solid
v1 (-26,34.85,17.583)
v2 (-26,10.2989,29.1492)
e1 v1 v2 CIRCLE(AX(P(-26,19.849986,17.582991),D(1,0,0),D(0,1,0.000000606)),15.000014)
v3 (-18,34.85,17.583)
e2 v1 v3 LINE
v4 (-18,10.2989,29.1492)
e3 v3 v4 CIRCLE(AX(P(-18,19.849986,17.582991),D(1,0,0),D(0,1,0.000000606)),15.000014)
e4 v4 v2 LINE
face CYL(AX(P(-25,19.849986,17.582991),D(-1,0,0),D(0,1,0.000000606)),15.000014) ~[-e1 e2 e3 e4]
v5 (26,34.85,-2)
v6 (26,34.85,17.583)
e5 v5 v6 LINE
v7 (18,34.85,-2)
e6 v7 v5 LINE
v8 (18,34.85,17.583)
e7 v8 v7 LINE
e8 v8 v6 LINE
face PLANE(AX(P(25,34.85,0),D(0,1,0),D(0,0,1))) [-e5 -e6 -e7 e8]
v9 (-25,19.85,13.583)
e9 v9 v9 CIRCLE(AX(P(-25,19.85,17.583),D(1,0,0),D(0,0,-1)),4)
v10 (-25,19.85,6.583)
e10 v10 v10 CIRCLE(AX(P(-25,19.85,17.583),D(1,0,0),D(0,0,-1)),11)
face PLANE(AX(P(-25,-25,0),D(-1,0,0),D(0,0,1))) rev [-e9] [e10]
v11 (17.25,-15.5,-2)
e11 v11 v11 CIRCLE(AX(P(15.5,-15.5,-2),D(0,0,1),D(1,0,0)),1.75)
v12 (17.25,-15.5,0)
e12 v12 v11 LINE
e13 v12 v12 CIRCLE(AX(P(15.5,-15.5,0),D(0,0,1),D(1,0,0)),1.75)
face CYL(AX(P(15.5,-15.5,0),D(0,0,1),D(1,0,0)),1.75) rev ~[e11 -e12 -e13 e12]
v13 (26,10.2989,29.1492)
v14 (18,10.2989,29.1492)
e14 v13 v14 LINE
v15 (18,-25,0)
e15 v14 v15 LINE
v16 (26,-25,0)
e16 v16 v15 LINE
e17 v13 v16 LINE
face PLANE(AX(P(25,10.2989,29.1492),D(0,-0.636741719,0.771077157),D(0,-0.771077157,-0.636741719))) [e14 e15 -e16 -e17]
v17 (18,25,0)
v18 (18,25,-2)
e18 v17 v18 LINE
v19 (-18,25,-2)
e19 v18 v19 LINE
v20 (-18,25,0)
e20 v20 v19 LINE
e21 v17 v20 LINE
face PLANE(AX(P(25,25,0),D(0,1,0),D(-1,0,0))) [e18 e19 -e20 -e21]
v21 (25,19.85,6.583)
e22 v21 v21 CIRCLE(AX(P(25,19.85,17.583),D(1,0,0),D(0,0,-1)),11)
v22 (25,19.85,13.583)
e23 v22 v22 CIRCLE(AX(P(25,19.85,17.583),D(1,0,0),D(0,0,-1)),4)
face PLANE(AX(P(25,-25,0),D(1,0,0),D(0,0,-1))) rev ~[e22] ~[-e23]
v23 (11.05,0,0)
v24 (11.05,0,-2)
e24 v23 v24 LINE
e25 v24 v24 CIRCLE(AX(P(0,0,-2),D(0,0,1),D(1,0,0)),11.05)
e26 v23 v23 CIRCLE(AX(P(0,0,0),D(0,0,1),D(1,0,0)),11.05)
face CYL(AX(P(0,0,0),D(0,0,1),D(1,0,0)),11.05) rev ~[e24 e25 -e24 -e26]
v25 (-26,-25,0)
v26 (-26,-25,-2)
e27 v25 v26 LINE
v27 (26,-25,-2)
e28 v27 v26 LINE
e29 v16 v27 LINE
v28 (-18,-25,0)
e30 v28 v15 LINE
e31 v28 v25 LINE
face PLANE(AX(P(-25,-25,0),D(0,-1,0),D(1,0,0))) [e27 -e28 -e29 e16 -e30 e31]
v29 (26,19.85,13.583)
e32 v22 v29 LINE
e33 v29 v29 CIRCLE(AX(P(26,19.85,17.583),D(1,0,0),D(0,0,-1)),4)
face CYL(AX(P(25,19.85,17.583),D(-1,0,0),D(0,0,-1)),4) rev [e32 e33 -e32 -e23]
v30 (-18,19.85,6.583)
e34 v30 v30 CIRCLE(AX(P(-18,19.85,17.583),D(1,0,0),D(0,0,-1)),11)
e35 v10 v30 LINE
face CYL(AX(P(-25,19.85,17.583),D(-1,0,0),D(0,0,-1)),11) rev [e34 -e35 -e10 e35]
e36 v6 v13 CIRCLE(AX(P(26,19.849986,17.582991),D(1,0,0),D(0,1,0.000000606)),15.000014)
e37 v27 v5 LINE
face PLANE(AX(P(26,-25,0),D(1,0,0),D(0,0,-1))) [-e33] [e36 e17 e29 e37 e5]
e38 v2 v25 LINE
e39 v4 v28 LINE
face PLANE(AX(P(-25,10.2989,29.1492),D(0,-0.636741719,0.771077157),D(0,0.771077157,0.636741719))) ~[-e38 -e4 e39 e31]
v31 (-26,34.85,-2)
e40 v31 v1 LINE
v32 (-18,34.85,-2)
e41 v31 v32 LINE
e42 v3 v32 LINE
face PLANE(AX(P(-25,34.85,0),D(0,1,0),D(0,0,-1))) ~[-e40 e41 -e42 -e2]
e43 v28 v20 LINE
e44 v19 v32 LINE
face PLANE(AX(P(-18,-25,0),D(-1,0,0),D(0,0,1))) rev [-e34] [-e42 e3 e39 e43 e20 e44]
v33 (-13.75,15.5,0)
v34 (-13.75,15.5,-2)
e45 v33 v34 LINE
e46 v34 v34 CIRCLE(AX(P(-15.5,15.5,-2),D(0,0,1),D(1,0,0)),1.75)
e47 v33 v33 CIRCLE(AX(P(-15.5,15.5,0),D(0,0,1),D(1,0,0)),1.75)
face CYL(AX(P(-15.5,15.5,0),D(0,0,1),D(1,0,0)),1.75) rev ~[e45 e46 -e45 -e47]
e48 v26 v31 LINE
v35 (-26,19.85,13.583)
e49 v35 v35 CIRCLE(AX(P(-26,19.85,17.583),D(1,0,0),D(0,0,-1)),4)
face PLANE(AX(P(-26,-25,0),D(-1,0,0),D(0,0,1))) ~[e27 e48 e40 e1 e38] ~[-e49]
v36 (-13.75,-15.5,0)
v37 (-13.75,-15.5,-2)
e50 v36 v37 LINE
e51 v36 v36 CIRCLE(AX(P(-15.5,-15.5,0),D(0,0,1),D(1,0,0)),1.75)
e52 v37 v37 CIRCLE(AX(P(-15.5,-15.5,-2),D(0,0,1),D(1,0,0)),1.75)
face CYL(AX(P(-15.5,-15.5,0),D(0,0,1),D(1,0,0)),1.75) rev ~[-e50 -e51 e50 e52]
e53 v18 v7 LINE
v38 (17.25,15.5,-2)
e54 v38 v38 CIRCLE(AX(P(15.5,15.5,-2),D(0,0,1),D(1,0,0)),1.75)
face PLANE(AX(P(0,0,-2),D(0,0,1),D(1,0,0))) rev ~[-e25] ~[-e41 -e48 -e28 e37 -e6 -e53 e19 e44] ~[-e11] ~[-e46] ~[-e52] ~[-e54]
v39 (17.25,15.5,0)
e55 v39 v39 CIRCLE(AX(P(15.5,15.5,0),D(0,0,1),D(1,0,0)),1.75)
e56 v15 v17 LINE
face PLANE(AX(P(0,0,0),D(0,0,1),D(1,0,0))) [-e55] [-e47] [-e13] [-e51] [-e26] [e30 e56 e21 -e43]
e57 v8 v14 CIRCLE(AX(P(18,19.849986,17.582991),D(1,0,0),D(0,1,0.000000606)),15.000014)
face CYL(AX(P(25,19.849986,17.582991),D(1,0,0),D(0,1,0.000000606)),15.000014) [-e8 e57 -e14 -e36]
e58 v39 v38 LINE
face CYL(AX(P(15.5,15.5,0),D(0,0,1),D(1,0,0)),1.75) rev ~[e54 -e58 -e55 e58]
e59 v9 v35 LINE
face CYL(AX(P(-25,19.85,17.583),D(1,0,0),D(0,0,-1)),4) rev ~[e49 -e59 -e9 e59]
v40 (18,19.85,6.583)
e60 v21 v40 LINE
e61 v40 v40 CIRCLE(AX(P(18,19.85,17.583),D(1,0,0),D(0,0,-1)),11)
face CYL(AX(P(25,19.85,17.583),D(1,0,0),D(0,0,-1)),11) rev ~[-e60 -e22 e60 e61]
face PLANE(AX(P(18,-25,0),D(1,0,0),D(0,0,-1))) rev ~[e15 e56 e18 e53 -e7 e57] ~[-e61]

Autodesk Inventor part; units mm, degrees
ref_plane "YZ Plane" through (0, 0, 0) normal (1, 0, 0) x (0, 1, 0)
ref_plane "XZ Plane" through (0, 0, 0) normal (0, 1, 0) x (-1, 0, 0)
ref_plane "XY Plane" through (0, 0, 0) normal (0, 0, 1) x (1, 0, 0)
sketch "Sketch1" plane through (0, 0, 0) normal (0, 0, 1) x (1, 0, 0)
  circle A0 centre (-15.5, 15.5) radius 1.75
  circle A1 centre (15.5, 15.5) radius 1.75
  circle A2 centre (-15.5, -15.5) radius 1.75
  circle A3 centre (15.5, -15.5) radius 1.75
  circle A4 centre (0, 0) radius 11.05
  line L0 (-15.5, 15.5) -> (15.5, 15.5) construction
  line L1 (15.5, 15.5) -> (15.5, -15.5) construction
  line L2 (15.5, -15.5) -> (-15.5, -15.5) construction
  line L3 (-15.5, -15.5) -> (-15.5, 15.5) construction
  line L4 (-15.5, 15.5) -> (15.5, -15.5) construction
  line L5 (15.5, 15.5) -> (-15.5, -15.5) construction
  line L6 (-25, 25) -> (-25, -25)
  line L7 (-25, -25) -> (25, -25)
  line L8 (25, -25) -> (25, 25)
  line L9 (25, 25) -> (-25, 25)
  dimension "d0" = 22.1
  dimension "d1" = 31
  dimension "d2" = 31
  dimension "d3" = 3.5
  dimension "d4" = 50
  dimension "d5" = 50
extrude "Extrusion1" add sketch "Sketch1" against normal blind 2
sketch "Sketch2" plane through (25, -25, 0) normal (1, 0, 0) x (0, 0, -1)
  line L0 (0, 0) -> (0, 50) projected
  line L1 (0, 0) -> (2, 0) projected
  line L2 (2, 50) -> (2, 0) projected
  line L3 (0, 50) -> (2, 50) projected
  line L4 (0, 0) -> (0, 50) projected
  line L5 (0, 59.85) -> (-17.583, 59.85)
  line L6 (-29.1492, 35.2989) -> (0, 0)
  line L7 (0, 38.75) -> (0, 42.25) construction
  line L8 (0, 44.85) -> (-34.6915, 44.85) construction
  line L9 (2, 50) -> (2, 59.85)
  line L10 (2, 59.85) -> (0, 59.85)
  circle A0 centre (-17.583, 44.85) radius 4
  circle A1 centre (-17.583, 44.85) radius 11
  circle A2 centre (-17.583, 44.85) radius 13
  arc A3 (-17.583, 59.85) -> (-29.1492, 35.2989) centre (-17.583, 44.85) ccw
  point P0 (0, 25)
  dimension "d8" = 19.85
  dimension "d9" = 19.583
  dimension "d10" = 8
  dimension "d11" = 22
  dimension "d12" = 2
  dimension "d13" = 2
extrude "Extrusion2" add sketch "Sketch2" against normal blind 7 contours L6 A3 L5 L10 L9 L3 L0 | A2
extrude "Extrusion3" add sketch "Sketch2" along normal blind 1 contours L6 A3 L5 L10 L9 L3 L0 | L0 L3 L2 L1 | A1 | A2
mirror "Mirror1" about plane through (0, 0, 0) normal (1, 0, 0) of "Extrusion2", "Extrusion3"
properties part number "Worm Gear Box" material "PC/ABS Plastic"
